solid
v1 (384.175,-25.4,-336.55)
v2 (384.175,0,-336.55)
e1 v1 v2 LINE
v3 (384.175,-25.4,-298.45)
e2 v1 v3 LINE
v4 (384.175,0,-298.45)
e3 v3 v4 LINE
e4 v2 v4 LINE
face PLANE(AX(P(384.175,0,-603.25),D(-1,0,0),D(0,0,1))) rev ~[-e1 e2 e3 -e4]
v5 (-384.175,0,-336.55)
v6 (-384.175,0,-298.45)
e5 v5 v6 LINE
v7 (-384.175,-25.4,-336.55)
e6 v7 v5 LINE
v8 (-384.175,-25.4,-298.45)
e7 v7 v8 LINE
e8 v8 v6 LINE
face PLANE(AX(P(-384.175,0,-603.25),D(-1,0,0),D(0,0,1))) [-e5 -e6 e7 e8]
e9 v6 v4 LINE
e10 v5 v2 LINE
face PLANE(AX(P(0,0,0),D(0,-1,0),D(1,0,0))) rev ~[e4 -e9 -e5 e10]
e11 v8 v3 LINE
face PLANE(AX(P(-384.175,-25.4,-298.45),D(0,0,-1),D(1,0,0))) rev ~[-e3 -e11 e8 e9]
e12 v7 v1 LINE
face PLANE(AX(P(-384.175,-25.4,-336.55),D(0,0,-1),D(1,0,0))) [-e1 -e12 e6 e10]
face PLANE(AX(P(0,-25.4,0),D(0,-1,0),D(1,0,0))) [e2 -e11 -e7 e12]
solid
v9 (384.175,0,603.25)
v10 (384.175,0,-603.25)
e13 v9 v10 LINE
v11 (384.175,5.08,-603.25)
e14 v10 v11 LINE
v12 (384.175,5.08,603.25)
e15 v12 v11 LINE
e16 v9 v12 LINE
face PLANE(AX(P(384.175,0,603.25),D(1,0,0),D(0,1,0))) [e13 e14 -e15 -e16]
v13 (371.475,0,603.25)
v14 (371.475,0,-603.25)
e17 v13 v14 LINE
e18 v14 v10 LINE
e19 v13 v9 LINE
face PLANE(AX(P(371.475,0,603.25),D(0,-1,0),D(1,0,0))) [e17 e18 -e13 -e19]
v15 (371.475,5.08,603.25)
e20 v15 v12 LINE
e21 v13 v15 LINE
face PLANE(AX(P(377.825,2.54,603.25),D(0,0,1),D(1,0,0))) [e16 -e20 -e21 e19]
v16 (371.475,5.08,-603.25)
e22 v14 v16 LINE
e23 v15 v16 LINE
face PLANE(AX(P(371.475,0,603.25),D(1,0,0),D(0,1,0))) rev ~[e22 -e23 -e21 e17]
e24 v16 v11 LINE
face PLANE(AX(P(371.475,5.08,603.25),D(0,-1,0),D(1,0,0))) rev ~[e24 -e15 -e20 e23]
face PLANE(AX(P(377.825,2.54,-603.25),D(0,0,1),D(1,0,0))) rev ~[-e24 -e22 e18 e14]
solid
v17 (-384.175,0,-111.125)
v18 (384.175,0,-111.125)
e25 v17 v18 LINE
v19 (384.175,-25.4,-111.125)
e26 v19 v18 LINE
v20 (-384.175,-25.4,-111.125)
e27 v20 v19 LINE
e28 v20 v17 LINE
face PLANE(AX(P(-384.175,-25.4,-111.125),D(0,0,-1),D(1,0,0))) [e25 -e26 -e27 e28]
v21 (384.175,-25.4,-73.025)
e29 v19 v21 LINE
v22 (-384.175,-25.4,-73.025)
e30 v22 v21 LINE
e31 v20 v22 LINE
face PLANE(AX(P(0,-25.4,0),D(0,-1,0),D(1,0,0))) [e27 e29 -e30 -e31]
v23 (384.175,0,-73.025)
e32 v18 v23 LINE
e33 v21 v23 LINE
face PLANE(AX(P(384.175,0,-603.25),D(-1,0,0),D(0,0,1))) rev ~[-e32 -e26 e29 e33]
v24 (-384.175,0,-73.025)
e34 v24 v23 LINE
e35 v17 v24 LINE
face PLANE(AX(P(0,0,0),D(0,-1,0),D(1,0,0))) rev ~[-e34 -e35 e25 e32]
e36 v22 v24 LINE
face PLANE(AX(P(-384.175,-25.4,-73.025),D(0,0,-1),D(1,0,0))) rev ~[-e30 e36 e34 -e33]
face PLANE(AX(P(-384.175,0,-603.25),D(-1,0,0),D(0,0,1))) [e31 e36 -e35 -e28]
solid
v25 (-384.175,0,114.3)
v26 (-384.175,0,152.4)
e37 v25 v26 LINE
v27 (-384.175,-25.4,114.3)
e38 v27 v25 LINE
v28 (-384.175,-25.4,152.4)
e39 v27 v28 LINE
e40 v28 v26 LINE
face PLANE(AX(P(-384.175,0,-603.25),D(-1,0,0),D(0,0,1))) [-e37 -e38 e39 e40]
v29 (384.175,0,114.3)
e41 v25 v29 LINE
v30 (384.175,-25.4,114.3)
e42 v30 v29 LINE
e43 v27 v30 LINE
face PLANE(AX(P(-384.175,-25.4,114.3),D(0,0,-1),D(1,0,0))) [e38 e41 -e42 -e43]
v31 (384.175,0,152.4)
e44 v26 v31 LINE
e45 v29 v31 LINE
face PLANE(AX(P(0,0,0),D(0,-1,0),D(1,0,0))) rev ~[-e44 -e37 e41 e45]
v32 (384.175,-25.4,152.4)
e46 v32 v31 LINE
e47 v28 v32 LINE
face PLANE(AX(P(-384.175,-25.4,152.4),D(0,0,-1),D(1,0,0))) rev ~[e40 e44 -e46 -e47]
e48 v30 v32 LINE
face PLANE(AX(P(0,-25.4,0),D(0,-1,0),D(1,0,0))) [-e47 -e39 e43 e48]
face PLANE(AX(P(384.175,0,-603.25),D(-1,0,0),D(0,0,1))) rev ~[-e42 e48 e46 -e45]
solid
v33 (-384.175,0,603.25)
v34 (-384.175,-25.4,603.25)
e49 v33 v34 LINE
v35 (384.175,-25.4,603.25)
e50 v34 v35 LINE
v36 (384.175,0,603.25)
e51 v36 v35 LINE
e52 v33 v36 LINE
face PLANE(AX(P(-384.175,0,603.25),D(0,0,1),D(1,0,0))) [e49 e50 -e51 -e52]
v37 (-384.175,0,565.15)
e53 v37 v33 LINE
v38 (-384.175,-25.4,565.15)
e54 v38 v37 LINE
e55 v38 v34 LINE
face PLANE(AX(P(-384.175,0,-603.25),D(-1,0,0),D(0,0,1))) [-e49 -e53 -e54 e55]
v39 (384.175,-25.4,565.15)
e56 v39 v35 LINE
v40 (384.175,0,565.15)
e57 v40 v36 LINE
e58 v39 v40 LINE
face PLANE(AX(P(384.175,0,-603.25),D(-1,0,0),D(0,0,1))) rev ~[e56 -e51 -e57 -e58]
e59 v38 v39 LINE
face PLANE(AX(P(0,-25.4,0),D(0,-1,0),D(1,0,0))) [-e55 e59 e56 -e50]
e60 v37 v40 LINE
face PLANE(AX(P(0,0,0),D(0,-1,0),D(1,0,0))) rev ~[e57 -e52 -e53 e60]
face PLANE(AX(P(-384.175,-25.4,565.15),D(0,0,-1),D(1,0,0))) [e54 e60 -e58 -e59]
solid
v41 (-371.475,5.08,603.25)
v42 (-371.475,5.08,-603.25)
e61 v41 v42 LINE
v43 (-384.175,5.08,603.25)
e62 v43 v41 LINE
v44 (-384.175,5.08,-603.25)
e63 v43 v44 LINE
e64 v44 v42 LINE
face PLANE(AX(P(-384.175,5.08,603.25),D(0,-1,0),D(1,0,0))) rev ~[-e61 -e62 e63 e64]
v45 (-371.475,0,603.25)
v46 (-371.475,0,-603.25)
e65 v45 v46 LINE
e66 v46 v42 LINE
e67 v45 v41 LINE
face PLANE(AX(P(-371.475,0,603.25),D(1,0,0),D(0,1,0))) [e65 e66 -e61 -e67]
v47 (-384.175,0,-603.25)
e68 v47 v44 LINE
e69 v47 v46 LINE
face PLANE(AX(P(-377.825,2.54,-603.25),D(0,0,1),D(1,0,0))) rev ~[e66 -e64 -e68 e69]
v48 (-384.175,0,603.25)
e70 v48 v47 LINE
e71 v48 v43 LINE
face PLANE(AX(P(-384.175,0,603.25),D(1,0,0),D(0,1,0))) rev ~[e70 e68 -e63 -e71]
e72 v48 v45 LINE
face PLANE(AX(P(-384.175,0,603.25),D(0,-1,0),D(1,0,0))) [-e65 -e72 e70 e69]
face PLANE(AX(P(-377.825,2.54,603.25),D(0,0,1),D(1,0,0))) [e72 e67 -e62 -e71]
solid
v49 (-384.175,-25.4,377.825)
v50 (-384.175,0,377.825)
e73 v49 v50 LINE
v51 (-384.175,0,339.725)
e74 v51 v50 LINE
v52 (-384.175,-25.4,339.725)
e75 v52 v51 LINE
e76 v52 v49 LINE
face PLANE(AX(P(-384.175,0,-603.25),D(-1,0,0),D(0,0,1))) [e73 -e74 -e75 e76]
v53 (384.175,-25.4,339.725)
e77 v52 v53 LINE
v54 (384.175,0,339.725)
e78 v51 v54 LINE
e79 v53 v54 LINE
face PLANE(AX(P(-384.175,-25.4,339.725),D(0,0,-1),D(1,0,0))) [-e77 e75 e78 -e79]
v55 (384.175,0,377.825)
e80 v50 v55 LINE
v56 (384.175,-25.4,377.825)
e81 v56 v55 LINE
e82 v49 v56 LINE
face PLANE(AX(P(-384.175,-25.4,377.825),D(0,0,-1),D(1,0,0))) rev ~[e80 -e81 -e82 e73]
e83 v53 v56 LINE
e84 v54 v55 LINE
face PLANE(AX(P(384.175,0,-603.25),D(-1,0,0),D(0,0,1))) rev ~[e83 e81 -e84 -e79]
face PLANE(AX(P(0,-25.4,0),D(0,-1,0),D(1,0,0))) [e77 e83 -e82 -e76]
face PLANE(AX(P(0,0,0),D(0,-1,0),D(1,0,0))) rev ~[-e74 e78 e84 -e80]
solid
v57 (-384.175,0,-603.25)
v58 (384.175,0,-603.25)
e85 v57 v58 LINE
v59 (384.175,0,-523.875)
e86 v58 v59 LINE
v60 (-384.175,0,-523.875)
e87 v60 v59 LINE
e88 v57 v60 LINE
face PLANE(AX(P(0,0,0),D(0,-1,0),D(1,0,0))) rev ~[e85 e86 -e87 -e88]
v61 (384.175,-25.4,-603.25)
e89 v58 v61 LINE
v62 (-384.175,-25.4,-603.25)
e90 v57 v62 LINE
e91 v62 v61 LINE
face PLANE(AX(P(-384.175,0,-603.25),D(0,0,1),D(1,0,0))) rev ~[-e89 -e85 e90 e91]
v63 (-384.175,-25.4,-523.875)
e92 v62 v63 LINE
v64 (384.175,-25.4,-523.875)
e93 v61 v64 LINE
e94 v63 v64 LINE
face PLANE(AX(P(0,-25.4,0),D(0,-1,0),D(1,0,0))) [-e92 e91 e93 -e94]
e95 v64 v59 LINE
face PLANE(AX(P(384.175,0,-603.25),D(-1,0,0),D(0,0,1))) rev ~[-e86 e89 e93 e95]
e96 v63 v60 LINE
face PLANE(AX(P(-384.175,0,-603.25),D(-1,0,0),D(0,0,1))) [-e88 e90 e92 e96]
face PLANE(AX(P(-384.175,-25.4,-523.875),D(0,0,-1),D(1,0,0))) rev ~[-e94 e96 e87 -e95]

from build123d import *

# Parameters (mm, degrees)
F0_W     = 768.35
F0_H     = 1206.5
F1_DEPTH = 25.4
F2_W     = 768.35
F2_H     = 187.325
F3_DEPTH = 25.4
F4_W     = 12.7
F4_H     = 5.08
F5_DEPTH = 1206.5


with BuildPart() as f1:
    # F0 (on Front) → F1 (new body)
    with BuildSketch(Plane.XZ):
        Rectangle(F0_W, F0_H)
    extrude(amount=F1_DEPTH)

    # F2 (on face) → F3 (cut)
    with BuildSketch(Plane.XZ.offset(25.4)):
        with Locations((0, 471.4875)):
            Rectangle(F2_W, F2_H)
        with Locations((0, 246.0625)):
            Rectangle(F2_W, F2_H)
        with Locations((0, -430.2125)):
            Rectangle(F2_W, F2_H)
        with Locations((0, 20.6375)):
            Rectangle(F2_W, F2_H)
        with Locations((0, -204.7875)):
            Rectangle(F2_W, F2_H)
    extrude(amount=-F3_DEPTH, mode=Mode.SUBTRACT)


with BuildPart() as f5:
    # F4 (on face) → F5 (new body, through all)
    with BuildSketch(Plane.XY.offset(603.25)):
        with Locations((-377.825, 2.54)):
            Rectangle(F4_W, F4_H)
        with Locations((377.825, 2.54)):
            Rectangle(F4_W, F4_H)
    extrude(amount=-F5_DEPTH)


solid = Compound([f1.part, f5.part])
